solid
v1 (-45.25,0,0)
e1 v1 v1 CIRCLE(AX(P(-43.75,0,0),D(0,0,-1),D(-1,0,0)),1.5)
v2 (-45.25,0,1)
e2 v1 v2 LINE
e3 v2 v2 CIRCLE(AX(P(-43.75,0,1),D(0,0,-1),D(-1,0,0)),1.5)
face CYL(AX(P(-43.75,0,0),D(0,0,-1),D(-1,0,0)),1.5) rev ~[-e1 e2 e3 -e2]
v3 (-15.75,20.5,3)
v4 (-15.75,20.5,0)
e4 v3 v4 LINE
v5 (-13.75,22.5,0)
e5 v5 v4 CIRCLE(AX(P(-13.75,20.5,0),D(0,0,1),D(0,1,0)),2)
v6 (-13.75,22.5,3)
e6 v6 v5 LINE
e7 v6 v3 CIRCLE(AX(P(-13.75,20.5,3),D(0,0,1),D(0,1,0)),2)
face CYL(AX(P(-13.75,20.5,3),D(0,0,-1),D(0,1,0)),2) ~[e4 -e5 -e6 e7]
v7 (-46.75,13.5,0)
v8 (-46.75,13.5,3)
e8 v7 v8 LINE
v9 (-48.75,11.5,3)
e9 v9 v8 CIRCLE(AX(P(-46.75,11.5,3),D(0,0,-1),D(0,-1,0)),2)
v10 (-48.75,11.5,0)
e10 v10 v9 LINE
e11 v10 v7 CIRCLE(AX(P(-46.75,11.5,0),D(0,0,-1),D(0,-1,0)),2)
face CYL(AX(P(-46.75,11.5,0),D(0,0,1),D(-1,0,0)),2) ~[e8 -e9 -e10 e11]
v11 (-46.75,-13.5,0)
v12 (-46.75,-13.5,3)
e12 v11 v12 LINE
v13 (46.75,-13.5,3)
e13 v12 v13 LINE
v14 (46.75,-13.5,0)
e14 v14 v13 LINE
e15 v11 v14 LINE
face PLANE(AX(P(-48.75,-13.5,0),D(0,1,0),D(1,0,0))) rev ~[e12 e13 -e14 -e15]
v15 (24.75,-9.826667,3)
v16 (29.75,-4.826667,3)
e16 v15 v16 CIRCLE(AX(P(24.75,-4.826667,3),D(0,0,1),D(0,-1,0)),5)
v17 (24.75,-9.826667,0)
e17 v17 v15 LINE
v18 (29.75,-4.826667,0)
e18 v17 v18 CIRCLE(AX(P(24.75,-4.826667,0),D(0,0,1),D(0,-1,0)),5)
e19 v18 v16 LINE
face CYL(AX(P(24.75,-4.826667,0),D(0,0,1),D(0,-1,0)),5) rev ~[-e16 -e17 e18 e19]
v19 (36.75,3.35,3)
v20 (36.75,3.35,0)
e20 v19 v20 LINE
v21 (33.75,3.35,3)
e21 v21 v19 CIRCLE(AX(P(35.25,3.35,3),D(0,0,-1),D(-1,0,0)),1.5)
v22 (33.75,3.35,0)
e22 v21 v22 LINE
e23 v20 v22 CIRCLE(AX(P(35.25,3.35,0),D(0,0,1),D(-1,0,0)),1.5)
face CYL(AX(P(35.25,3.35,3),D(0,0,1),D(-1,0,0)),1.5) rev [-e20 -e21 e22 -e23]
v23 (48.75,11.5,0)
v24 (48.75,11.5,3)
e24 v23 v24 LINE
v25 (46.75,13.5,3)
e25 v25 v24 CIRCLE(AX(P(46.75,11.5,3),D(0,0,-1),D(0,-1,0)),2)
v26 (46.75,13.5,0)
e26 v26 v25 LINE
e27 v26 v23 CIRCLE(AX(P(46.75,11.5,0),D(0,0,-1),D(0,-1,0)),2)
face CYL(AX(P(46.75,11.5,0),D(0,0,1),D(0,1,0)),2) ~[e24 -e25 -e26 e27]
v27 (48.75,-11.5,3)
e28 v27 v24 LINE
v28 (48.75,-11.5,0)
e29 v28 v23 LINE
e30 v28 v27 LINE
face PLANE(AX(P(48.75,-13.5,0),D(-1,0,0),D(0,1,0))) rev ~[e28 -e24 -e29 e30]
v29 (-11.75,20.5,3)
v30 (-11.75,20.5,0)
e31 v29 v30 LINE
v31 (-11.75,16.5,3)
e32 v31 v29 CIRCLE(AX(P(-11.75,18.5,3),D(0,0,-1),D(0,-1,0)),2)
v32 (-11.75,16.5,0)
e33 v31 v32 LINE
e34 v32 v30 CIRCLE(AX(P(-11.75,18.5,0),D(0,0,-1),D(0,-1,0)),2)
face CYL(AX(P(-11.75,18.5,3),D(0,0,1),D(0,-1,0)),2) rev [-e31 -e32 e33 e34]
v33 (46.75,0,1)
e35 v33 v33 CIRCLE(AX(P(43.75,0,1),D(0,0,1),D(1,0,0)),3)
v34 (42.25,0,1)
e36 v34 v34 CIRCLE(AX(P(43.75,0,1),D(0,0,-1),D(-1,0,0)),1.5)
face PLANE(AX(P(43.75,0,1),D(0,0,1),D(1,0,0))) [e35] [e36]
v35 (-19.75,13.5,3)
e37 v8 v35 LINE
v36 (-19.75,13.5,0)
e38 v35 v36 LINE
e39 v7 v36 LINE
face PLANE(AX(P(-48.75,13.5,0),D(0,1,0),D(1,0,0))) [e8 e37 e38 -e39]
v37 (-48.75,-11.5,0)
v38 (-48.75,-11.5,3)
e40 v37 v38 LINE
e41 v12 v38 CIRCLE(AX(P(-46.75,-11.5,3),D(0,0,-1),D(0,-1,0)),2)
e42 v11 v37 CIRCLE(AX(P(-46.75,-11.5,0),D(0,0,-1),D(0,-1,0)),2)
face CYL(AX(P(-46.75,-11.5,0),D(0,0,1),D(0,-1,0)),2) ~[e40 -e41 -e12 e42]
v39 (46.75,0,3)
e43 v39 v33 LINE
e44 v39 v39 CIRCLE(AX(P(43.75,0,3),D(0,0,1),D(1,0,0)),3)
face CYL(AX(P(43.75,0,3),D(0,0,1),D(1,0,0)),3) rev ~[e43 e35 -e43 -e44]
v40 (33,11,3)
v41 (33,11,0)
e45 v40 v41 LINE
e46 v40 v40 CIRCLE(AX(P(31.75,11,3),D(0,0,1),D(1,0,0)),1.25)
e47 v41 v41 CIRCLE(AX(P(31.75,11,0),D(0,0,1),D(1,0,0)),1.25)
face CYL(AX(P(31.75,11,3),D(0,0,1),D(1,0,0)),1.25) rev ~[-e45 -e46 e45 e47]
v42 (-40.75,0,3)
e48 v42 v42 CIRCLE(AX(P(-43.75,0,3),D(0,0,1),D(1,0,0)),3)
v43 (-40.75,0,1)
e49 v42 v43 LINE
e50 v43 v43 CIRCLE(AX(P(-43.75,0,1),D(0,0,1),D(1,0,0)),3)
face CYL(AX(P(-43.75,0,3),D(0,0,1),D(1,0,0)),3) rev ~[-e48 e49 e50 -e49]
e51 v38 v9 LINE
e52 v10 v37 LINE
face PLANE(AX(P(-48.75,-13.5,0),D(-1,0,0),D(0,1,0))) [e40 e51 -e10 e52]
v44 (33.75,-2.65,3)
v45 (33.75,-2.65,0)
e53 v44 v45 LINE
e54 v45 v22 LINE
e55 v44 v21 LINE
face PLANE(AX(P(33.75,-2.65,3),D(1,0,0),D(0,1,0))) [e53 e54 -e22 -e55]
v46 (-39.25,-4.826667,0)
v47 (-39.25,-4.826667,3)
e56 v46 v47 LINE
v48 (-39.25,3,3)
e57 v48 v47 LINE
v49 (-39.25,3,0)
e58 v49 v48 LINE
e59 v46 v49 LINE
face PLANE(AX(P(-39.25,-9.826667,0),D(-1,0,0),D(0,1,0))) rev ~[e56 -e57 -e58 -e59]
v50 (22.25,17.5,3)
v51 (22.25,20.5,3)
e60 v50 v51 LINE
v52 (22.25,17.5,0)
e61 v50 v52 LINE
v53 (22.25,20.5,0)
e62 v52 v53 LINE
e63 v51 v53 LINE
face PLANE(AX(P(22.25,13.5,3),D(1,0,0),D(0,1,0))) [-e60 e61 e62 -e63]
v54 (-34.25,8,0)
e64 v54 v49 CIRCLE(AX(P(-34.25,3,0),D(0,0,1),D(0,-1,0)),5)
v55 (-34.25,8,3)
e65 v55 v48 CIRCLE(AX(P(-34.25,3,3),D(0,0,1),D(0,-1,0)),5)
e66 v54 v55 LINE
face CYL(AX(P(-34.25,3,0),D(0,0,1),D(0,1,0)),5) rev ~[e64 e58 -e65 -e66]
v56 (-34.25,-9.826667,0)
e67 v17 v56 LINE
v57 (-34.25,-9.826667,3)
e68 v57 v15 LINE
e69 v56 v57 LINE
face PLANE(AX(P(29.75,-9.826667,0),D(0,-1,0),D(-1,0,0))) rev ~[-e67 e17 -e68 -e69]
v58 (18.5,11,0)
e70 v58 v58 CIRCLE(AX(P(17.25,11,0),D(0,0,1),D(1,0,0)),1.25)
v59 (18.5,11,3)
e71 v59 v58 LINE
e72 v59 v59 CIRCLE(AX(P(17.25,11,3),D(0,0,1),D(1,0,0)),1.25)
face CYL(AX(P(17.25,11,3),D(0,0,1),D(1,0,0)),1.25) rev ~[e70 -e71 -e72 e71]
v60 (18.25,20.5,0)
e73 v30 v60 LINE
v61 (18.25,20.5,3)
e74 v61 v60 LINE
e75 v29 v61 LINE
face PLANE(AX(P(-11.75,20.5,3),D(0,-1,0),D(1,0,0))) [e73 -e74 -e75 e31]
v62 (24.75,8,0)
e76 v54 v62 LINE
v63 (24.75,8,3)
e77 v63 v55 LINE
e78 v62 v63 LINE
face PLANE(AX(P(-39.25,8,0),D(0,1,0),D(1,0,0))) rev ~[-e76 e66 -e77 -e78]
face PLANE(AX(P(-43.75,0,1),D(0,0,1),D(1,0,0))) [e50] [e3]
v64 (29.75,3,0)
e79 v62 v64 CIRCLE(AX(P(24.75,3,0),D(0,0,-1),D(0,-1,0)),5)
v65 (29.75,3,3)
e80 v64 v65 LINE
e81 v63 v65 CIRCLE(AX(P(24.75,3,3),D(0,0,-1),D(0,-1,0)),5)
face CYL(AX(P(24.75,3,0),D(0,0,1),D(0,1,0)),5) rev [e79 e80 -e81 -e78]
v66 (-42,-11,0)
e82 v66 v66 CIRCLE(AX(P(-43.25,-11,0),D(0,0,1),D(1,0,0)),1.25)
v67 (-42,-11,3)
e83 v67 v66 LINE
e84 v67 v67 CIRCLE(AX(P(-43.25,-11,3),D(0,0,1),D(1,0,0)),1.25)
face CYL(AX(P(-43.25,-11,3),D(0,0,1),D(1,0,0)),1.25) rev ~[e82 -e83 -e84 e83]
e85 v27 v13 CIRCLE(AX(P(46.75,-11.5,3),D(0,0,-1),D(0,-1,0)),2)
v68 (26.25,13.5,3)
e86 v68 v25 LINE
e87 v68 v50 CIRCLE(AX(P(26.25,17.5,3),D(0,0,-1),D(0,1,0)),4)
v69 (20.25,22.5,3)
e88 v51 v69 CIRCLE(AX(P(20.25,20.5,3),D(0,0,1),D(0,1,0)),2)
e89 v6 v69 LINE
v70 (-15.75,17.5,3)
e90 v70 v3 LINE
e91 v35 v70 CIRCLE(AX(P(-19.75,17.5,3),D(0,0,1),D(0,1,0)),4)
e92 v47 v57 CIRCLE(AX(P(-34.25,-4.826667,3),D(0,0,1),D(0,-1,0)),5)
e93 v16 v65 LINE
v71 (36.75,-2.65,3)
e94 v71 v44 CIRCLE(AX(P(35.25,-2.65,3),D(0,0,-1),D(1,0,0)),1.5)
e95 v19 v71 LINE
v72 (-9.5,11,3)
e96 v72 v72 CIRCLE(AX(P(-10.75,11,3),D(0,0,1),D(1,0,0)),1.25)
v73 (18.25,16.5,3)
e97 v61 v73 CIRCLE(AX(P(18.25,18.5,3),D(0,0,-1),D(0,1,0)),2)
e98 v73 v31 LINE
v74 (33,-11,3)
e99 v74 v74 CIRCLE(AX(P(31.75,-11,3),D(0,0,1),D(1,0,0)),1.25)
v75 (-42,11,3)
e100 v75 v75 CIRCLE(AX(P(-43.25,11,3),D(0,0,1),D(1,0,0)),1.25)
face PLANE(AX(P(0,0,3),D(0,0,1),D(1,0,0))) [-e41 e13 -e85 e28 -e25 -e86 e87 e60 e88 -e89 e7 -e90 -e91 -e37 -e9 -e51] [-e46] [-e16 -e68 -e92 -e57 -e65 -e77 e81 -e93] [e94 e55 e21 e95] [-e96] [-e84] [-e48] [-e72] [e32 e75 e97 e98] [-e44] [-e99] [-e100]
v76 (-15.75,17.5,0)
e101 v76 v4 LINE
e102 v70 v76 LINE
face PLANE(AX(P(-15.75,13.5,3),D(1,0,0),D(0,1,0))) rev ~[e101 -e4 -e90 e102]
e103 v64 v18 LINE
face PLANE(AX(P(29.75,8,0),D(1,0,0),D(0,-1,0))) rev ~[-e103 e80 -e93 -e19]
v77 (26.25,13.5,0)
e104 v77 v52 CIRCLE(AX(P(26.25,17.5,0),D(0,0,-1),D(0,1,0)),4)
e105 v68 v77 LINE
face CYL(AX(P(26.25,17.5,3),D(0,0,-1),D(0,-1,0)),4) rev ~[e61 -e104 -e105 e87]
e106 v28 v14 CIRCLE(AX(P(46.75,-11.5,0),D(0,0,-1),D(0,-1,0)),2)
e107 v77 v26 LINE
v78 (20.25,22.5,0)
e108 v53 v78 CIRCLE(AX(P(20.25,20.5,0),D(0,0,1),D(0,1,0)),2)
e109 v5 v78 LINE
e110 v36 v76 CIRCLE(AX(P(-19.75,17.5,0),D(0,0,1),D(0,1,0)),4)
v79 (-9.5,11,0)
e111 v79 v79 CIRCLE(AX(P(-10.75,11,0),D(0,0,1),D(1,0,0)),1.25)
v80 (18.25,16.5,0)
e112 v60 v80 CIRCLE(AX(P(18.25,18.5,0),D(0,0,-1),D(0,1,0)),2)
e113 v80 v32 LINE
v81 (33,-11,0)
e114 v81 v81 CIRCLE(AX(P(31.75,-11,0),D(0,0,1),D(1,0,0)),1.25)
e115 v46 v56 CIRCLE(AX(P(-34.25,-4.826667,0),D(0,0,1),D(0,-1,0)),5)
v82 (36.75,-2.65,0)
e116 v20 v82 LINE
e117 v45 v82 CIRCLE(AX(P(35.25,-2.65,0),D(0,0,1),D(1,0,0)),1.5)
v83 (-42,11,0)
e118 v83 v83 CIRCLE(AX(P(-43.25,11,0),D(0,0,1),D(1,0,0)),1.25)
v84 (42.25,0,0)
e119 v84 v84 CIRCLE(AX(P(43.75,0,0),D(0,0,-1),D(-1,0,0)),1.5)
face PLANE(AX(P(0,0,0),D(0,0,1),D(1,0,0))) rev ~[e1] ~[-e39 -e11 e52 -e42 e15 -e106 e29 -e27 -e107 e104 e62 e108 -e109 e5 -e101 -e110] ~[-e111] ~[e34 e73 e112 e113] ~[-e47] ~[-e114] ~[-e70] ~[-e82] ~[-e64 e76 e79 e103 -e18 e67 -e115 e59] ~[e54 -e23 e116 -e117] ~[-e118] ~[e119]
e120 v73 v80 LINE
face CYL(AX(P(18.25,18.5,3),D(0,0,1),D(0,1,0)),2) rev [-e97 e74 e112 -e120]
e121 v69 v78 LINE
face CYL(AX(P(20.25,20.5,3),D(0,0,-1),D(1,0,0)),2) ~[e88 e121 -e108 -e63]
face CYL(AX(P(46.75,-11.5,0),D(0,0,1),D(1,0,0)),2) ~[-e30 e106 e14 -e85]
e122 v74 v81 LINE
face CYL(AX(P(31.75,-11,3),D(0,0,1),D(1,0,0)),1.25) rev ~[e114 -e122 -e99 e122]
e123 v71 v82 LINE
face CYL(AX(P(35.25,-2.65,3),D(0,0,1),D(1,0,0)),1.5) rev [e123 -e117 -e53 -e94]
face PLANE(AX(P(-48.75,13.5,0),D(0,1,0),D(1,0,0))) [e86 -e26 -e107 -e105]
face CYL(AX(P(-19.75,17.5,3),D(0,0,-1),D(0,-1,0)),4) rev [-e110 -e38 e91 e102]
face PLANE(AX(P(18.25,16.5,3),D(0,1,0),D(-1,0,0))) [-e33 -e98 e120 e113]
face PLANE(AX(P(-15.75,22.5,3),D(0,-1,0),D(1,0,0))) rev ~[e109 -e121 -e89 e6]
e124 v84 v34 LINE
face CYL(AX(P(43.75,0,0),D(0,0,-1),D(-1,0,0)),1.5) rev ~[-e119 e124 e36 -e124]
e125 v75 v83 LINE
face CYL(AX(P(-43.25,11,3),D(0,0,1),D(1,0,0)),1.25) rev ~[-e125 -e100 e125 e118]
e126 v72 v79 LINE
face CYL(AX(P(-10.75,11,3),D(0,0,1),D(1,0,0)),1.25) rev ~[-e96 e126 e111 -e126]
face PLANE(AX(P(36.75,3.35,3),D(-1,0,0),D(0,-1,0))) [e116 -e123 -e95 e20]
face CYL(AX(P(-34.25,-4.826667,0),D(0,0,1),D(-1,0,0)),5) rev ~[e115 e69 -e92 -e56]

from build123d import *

# Parameters (mm, degrees)
SKETCH_3_W               = 97.5
SKETCH_3_H               = 27
EXTRUDE_1_DEPTH          = 3
SKETCH_4_R               = 1.25
CUT_EXTRUDE_1_DEPTH      = 51.673587795
SKETCH_7_W               = 4
SKETCH_7_H               = 8
EXTRUDE_2_DEPTH          = 5
SKETCH_8_W               = 38
SKETCH_8_H               = 9
EXTRUDE_3_DEPTH          = 3
FILLET_3_R               = 4
FILLET_4_R               = 2
CUT_EXTRUDE_4_DEPTH      = 55.284551209
CUT_EXTRUDE_4_DEPTH_BACK = 5
SKETCH_9_W               = 4
SKETCH_9_H               = 8
SKETCH_13_R              = 1.5
CUT_EXTRUDE_7_DEPTH      = 54.775575311
CUT_EXTRUDE_8_DEPTH      = 54.775575311
SKETCH_16_R              = 3
CUT_EXTRUDE_9_DEPTH      = 2
CUT_EXTRUDE_10_DEPTH     = 10
FILLET_5_R               = 5
FILLET_6_R               = 2


with BuildPart() as part:
    # 草图3 → 凸台-拉伸1 (new body)
    with BuildSketch(Plane.XY):
        Rectangle(SKETCH_3_W, SKETCH_3_H)
    extrude(amount=EXTRUDE_1_DEPTH)

    # 草图4 → 切除-拉伸1 (cut, through all)
    with BuildSketch(Plane.XY.offset(3)):
        with Locations((-43.25, 11)):
            Circle(SKETCH_4_R)
        with Locations((-43.25, -11)):
            Circle(SKETCH_4_R)
        with Locations((31.75, 11)):
            Circle(SKETCH_4_R)
        with Locations((31.75, -11)):
            Circle(SKETCH_4_R)
        with Locations((17.25, 11)):
            Circle(SKETCH_4_R)
        with Locations((-10.75, 11)):
            Circle(SKETCH_4_R)
    extrude(amount=-CUT_EXTRUDE_1_DEPTH, mode=Mode.SUBTRACT)

    # 草图7 → 凸台-拉伸2 (add)
    with BuildSketch(Plane(origin=(0, 0, 0), x_dir=(-1, 0, 0), z_dir=(0, 0, -1))):
        with Locations((46.75, 0.5)):
            Rectangle(SKETCH_7_W, SKETCH_7_H)
        with Locations((-46.75, 0.5)):
            Rectangle(SKETCH_7_W, SKETCH_7_H)
    extrude(amount=EXTRUDE_2_DEPTH)

    # 草图8 → 凸台-拉伸3 (add)
    with BuildSketch(Plane.XY.offset(3)):
        with Locations((3.25, 18)):
            Rectangle(SKETCH_8_W, SKETCH_8_H)
        with BuildLine():
            Line((-11.75, 20.5), (18.25, 20.5))
            ThreePointArc((18.25, 20.5), (20.25, 18.5), (18.25, 16.5))
            Line((18.25, 16.5), (-11.75, 16.5))
            ThreePointArc((-11.75, 16.5), (-13.75, 18.5), (-11.75, 20.5))
        make_face(mode=Mode.SUBTRACT)
    extrude(amount=-EXTRUDE_3_DEPTH)

    # 圆角3
    fillet_3_edges = [part.edges().sort_by_distance(p)[0] for p in [
        (22.25, 13.5, 1.5),
        (-15.75, 13.5, 1.5),
    ]]
    fillet(fillet_3_edges, radius=FILLET_3_R)

    # 圆角4
    fillet_4_edges = [part.edges().sort_by_distance(p)[0] for p in [
        (22.25, 22.5, 1.5),
        (-15.75, 22.5, 1.5),
    ]]
    fillet(fillet_4_edges, radius=FILLET_4_R)

    # 草图9 → 切除-拉伸4 (cut, two sides: drawn at the far end of the back side and taken through both)
    with BuildSketch(Plane(origin=(0, 0, -5), x_dir=(-1, 0, 0), z_dir=(0, 0, -1)).offset(-CUT_EXTRUDE_4_DEPTH_BACK)):
        with Locations((-46.75, 0.5)):
            Rectangle(SKETCH_9_W, SKETCH_9_H)
        with Locations((46.75, 0.5)):
            Rectangle(SKETCH_9_W, SKETCH_9_H)
    extrude(amount=CUT_EXTRUDE_4_DEPTH + CUT_EXTRUDE_4_DEPTH_BACK, mode=Mode.SUBTRACT)

    # 草图13 → 切除-拉伸7 (cut, through all)
    with BuildSketch(Plane(origin=(0, 0, 0), x_dir=(-1, 0, 0), z_dir=(0, 0, -1))):
        with Locations((-43.75, 0)):
            Circle(SKETCH_13_R)
        with Locations((43.75, 0)):
            Circle(SKETCH_13_R)
    extrude(amount=-CUT_EXTRUDE_7_DEPTH, mode=Mode.SUBTRACT)

    # 草图14 → 切除-拉伸8 (cut, through all)
    with BuildSketch(Plane.XY.offset(3)):
        with BuildLine():
            Line((36.75, 3.35), (36.75, -2.65))
            ThreePointArc((36.75, -2.65), (35.25, -4.15), (33.75, -2.65))
            Line((33.75, -2.65), (33.75, 3.35))
            ThreePointArc((33.75, 3.35), (35.25, 4.85), (36.75, 3.35))
        make_face()
    extrude(amount=-CUT_EXTRUDE_8_DEPTH, mode=Mode.SUBTRACT)

    # 草图16 → 切除-拉伸9 (cut)
    with BuildSketch(Plane.XY.offset(3)):
        with Locations((-43.75, 0)):
            Circle(SKETCH_16_R)
        with Locations((43.75, 0)):
            Circle(SKETCH_16_R)
    extrude(amount=-CUT_EXTRUDE_9_DEPTH, mode=Mode.SUBTRACT)

    # 草图17 → 切除-拉伸10 (cut)
    with BuildSketch(Plane(origin=(0, 0, 0), x_dir=(-1, 0, 0), z_dir=(0, 0, -1))):
        Polygon((39.25, -8), (39.25, 8), (-27.75, 8), (-29.75, 8), (-29.75, -9.826666667), (-27.75, -9.826666667), (39.25, -9.826666667), align=None)
    extrude(amount=-CUT_EXTRUDE_10_DEPTH, mode=Mode.SUBTRACT)

    # 圆角5
    fillet_5_edges = [part.edges().sort_by_distance(p)[0] for p in [
        (29.75, 8, 1.5),
        (-39.25, 8, 1.5),
        (-39.25, -9.826666667, 1.5),
        (29.75, -9.826666667, 1.5),
    ]]
    fillet(fillet_5_edges, radius=FILLET_5_R)

    # 圆角6
    fillet_6_edges = [part.edges().sort_by_distance(p)[0] for p in [
        (48.75, -13.5, 1.5),
        (-48.75, -13.5, 1.5),
        (-48.75, 13.5, 1.5),
        (48.75, 13.5, 1.5),
    ]]
    fillet(fillet_6_edges, radius=FILLET_6_R)


solid = part.part
